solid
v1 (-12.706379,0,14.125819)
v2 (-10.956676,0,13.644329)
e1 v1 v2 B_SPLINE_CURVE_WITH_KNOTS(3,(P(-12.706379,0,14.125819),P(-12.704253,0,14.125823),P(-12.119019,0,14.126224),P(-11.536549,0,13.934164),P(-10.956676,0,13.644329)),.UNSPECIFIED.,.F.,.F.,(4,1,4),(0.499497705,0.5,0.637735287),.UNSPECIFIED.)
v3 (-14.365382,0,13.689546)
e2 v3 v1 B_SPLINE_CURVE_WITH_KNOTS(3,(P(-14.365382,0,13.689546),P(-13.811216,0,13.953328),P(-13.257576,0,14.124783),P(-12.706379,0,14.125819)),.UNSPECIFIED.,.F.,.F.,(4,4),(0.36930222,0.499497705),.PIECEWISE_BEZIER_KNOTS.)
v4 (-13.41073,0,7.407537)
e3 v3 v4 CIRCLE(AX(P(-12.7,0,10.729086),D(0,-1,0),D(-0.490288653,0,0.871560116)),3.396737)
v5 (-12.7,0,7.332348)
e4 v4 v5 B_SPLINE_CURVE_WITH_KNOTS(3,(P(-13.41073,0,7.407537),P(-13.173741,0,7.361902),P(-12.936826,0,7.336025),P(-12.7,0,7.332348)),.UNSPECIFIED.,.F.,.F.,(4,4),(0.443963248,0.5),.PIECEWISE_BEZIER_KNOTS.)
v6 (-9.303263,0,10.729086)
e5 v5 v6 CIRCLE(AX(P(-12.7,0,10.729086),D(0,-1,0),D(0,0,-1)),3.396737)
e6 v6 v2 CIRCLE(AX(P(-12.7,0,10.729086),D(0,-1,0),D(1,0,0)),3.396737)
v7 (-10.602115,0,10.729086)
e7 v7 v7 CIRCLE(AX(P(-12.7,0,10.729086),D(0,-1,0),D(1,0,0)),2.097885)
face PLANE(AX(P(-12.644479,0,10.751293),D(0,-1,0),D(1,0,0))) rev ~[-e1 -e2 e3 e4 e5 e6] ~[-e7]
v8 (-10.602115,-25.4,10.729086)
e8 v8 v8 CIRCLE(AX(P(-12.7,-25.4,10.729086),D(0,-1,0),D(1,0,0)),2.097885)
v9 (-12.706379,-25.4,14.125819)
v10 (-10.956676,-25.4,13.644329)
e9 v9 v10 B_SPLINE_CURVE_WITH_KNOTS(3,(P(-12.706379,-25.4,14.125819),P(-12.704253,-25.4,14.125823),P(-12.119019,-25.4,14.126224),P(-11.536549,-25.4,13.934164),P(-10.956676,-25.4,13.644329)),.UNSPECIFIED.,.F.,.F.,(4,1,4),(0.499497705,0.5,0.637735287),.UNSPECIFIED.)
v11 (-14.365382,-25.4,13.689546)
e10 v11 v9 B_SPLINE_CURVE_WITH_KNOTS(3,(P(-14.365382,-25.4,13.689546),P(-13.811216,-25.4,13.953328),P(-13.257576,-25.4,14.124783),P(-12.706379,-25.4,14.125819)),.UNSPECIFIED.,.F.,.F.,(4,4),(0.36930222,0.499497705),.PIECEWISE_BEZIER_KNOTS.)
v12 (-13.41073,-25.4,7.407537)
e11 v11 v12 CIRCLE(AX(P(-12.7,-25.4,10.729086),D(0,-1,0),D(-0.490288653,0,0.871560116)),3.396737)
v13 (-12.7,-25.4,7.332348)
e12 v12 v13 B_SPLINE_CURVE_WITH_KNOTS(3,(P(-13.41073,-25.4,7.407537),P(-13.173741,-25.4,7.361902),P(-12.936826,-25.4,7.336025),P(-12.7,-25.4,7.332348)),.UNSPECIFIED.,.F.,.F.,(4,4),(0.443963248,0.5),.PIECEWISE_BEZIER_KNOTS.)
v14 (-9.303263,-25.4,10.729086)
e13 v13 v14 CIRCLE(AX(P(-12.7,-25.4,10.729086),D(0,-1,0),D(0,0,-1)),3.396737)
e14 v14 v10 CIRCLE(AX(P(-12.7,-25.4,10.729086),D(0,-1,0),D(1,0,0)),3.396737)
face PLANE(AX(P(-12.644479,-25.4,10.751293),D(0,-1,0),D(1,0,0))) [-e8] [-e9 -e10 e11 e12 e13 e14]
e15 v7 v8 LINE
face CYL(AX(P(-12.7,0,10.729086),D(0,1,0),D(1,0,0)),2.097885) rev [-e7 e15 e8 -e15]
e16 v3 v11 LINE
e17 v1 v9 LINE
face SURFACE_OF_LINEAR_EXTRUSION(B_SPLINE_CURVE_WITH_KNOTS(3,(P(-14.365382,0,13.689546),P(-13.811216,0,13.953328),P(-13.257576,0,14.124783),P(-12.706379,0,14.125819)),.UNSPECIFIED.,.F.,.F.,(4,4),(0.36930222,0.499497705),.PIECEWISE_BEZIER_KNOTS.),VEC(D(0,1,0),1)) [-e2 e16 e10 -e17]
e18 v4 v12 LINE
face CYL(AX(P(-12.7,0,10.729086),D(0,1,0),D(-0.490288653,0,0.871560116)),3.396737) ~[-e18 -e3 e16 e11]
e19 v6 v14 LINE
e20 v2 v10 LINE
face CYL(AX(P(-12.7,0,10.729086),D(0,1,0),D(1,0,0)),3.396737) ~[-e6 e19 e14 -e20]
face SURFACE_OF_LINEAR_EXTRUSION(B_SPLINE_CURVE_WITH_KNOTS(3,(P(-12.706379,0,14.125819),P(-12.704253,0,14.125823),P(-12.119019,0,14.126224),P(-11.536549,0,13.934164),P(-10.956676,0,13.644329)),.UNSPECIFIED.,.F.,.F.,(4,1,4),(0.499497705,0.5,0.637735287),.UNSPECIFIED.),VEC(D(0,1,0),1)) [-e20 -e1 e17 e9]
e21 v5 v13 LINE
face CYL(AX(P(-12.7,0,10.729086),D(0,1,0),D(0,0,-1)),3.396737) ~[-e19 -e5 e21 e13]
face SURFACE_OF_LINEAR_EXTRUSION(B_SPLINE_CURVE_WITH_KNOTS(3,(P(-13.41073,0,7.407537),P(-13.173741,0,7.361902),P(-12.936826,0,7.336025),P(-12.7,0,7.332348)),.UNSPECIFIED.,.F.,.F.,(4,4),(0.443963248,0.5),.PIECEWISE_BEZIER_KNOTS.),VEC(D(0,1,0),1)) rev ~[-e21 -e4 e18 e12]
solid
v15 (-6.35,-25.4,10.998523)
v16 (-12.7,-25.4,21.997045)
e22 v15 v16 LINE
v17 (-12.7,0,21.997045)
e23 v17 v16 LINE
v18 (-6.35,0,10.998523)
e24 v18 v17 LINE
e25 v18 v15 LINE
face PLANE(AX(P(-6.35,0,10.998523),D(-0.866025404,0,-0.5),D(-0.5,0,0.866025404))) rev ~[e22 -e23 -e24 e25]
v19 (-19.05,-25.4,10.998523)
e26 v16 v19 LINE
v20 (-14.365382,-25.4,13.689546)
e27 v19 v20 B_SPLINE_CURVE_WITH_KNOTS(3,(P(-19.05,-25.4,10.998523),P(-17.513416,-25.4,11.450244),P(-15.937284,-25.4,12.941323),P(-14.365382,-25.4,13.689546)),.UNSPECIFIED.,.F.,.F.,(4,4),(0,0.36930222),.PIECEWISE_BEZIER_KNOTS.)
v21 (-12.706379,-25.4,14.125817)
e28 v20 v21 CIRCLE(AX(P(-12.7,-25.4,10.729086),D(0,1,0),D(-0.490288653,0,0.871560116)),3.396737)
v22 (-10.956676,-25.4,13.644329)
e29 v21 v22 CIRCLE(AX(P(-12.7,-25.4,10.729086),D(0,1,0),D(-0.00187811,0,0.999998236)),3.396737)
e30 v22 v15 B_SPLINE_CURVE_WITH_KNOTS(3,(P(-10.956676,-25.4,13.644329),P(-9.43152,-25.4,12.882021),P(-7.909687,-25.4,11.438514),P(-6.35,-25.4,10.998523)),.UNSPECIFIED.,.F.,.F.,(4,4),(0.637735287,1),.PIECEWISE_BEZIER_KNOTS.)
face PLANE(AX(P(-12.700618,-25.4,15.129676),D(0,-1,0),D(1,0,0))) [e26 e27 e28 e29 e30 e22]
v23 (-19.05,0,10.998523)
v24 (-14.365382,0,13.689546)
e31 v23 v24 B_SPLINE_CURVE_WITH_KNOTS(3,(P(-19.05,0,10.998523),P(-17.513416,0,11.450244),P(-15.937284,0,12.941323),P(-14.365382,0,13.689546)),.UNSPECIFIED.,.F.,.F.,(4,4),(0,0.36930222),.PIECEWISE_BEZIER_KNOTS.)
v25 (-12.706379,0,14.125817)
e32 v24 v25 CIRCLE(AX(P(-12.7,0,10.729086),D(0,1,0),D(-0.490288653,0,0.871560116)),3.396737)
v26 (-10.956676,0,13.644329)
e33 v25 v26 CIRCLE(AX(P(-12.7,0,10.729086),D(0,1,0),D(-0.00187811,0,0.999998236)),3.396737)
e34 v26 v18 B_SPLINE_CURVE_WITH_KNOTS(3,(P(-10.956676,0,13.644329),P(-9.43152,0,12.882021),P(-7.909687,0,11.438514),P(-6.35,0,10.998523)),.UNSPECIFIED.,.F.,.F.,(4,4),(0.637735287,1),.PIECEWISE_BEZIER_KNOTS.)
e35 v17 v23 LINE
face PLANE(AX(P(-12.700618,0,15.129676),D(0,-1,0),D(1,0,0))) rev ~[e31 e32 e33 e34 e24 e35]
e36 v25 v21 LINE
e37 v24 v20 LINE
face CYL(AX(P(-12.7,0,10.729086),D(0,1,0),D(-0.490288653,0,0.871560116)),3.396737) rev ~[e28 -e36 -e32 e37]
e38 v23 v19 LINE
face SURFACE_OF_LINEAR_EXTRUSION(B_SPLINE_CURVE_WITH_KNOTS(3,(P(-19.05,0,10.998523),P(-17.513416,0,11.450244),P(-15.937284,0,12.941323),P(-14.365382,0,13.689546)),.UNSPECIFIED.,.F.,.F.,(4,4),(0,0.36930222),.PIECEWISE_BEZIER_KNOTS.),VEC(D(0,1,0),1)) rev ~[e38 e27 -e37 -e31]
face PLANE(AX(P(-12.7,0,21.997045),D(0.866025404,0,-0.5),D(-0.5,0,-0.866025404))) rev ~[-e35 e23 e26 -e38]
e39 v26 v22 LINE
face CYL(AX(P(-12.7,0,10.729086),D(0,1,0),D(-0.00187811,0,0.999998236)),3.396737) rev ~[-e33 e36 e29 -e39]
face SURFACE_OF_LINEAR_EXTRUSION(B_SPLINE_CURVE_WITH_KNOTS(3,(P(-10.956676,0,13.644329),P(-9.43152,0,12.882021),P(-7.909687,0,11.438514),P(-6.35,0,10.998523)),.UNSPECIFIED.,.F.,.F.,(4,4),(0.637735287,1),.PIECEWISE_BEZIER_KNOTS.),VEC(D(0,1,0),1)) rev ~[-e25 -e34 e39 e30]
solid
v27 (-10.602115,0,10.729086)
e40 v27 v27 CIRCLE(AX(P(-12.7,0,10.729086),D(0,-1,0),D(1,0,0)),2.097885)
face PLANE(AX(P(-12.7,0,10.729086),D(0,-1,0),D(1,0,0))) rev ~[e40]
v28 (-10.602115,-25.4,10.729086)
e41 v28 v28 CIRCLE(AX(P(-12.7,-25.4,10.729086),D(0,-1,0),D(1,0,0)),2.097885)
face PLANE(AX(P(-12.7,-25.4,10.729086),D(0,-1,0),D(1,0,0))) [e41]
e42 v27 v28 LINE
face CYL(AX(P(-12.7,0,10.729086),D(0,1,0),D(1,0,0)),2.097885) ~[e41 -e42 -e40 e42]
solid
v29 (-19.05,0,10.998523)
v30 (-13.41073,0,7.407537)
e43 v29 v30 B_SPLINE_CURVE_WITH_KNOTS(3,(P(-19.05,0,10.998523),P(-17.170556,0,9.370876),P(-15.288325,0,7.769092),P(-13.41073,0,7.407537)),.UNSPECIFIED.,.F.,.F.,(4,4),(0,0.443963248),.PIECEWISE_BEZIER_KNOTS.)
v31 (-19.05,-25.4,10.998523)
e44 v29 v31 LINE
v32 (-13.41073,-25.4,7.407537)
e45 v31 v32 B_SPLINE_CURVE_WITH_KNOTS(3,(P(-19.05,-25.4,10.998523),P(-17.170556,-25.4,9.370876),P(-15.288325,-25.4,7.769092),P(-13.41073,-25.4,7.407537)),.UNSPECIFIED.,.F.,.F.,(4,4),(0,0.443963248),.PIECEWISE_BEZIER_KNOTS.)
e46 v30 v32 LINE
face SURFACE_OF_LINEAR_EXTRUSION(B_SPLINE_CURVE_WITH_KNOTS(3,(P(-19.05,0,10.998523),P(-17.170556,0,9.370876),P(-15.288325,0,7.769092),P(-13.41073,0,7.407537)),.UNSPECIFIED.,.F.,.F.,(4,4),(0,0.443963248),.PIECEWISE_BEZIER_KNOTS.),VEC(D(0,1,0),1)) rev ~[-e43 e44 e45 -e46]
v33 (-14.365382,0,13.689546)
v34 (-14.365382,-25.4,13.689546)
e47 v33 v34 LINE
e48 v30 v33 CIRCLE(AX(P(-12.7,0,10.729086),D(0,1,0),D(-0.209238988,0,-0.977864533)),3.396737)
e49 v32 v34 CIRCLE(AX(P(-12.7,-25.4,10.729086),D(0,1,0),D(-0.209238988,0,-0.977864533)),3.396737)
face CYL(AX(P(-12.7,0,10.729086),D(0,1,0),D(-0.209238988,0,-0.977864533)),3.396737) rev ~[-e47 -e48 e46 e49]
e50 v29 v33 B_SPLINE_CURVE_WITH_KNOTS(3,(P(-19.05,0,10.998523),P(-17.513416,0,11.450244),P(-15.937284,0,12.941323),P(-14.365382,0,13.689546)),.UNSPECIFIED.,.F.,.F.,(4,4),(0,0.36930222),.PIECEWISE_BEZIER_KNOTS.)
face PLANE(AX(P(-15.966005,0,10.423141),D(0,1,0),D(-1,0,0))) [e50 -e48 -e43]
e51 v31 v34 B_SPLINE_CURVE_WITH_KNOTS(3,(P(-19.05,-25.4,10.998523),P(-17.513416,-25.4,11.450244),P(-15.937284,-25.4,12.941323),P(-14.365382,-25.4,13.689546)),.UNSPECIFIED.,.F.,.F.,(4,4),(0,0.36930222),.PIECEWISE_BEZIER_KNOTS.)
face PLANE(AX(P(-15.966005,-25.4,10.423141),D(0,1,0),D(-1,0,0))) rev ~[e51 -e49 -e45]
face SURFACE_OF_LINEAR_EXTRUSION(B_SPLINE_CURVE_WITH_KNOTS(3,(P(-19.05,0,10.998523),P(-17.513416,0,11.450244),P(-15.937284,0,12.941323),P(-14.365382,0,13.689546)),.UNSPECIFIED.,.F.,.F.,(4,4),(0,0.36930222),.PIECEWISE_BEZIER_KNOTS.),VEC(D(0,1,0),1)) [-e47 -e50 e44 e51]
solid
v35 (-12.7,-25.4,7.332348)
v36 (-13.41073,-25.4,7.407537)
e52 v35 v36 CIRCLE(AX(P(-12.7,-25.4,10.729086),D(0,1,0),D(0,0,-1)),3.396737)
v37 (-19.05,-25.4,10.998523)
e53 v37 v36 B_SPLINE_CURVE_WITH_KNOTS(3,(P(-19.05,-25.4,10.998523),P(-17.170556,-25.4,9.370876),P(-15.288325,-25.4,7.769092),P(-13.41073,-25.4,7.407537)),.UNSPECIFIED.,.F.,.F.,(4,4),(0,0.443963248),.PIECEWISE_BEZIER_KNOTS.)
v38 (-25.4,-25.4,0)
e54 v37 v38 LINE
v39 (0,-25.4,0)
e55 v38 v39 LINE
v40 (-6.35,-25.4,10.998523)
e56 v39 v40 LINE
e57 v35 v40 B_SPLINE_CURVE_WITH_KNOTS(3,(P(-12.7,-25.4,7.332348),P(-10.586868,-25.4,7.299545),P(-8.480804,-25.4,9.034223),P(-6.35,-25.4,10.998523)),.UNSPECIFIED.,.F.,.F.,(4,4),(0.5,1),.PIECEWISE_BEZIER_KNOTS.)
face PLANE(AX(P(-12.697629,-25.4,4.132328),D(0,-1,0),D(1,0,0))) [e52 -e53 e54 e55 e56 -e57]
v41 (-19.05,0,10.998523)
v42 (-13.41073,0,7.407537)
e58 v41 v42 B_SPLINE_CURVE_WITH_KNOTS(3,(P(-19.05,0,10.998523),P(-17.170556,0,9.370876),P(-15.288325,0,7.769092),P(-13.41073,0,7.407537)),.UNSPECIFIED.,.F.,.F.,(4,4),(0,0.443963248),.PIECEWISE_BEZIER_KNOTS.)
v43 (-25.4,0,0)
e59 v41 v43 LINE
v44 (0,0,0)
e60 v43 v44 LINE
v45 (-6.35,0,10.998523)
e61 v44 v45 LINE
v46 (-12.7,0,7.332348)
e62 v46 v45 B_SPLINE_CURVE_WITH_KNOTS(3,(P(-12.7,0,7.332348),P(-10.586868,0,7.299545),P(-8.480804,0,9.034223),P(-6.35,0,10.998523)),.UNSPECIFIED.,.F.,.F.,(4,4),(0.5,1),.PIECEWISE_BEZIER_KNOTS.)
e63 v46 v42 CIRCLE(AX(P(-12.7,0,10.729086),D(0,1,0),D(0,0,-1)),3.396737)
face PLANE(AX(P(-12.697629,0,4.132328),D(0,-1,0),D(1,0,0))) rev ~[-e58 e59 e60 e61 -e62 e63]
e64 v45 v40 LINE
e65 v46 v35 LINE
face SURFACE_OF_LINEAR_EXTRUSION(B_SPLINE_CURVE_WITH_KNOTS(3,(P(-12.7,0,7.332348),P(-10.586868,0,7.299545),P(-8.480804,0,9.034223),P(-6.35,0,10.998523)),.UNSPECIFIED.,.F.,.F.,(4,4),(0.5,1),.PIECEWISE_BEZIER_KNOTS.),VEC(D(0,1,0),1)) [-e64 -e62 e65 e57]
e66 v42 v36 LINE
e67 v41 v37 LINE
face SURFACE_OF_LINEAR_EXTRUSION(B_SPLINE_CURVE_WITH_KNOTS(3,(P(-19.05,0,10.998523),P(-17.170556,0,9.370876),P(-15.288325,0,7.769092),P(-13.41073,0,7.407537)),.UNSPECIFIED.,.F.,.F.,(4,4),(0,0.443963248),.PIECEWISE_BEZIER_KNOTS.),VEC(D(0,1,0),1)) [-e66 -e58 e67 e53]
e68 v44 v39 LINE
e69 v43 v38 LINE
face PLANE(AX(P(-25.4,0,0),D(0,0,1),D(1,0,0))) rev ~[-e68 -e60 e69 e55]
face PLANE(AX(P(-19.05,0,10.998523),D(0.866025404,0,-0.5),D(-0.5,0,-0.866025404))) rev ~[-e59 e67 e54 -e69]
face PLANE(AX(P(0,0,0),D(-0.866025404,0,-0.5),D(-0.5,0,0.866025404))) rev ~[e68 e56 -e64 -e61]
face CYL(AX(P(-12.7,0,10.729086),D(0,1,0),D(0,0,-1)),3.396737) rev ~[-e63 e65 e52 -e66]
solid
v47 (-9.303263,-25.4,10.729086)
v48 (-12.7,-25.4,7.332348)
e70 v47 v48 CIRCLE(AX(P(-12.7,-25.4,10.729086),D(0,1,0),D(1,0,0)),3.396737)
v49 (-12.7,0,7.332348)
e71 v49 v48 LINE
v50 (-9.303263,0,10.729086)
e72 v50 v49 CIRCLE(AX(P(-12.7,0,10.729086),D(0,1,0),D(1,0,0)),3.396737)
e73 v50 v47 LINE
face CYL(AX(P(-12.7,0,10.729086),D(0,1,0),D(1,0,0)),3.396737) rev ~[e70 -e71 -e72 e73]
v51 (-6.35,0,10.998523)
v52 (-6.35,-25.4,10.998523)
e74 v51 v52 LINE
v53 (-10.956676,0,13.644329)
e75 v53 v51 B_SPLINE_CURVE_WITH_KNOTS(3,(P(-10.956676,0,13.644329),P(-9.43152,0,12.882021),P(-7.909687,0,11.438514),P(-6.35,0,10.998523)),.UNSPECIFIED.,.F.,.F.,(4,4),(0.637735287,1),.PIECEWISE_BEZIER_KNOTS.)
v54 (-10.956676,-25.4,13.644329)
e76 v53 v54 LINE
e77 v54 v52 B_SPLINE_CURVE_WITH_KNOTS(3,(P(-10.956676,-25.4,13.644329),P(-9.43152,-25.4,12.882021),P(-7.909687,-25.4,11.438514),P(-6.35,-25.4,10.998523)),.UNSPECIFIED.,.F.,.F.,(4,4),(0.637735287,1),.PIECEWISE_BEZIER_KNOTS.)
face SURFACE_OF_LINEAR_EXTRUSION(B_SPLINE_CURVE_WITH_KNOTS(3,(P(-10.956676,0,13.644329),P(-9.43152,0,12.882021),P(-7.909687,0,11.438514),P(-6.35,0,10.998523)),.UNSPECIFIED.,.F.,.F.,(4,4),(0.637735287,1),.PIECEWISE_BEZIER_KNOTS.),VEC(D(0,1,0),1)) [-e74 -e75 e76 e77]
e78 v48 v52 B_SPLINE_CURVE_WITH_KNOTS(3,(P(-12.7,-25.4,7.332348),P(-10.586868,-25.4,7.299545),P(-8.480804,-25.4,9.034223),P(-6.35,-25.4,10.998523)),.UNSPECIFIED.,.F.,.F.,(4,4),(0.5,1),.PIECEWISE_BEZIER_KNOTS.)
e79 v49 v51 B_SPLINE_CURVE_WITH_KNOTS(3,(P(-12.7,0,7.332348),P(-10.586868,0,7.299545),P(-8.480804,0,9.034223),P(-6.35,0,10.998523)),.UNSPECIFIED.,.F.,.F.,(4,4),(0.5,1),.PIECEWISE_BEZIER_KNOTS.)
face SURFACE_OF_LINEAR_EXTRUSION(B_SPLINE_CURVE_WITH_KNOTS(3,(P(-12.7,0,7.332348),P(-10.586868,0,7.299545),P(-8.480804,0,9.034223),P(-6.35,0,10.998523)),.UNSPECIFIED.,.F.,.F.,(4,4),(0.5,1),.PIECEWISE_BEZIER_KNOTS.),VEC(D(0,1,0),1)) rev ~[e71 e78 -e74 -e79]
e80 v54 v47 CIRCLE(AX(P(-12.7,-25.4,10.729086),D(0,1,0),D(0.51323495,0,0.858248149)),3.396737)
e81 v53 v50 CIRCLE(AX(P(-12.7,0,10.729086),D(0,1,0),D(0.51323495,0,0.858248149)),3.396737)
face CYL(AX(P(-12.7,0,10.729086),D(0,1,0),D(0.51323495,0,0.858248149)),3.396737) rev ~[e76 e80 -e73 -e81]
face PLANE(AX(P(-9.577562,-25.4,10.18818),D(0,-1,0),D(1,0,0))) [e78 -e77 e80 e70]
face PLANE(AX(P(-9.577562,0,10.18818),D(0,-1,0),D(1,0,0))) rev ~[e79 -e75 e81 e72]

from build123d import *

# Parameters (mm, degrees)
F1_DEPTH = 25.4
F2_DEPTH = 25.4
F0_R     = 2.0978852378
F3_DEPTH = 25.4
F4_DEPTH = 25.4


with BuildPart() as f1:
    # F0 (on Front) → F1 (new body)
    with BuildSketch(Plane.XZ):
        with BuildLine():
            add(Edge.make_bspline(
                [(-12.7, 7.3323484187), (-10.5868676769, 7.2995452687), (-8.480804041, 9.0342229232), (-6.35, 10.9985226281)],
                knots=[0.5, 0.5, 0.5, 0.5, 1, 1, 1, 1], degree=3))
            add(Edge.make_bspline(
                [(-10.9566757348, 13.6443291005), (-9.4315203102, 12.8820206207), (-7.9096867806, 11.4385141645), (-6.35, 10.9985226281)],
                knots=[0.6377352874, 0.6377352874, 0.6377352874, 0.6377352874, 1, 1, 1, 1], degree=3))
            ThreePointArc((-10.9566757348, 13.6443291005), (-9.7453901873, 12.4048256996), (-9.3032627647, 10.729085654))
            ThreePointArc((-9.3032627647, 10.729085654), (-10.298144067, 8.327229721), (-12.7, 7.3323484187))
        make_face()
    extrude(amount=F1_DEPTH)


with BuildPart() as f1b:
    # F0 (on Front) → F1, piece 2 (new body)
    with BuildSketch(Plane.XZ):
        with BuildLine():
            add(Edge.make_bspline(
                [(-19.05, 10.9985226281), (-17.5134159045, 11.4502441937), (-15.937284411, 12.9413228119), (-14.3653817243, 13.6895463543)],
                knots=[0, 0, 0, 0, 0.3693022198, 0.3693022198, 0.3693022198, 0.3693022198], degree=3))
            add(Edge.make_bspline(
                [(-19.05, 10.9985226281), (-17.1705555831, 9.3708760181), (-15.2883246422, 7.7690918532), (-13.4107298629, 7.4075367822)],
                knots=[0, 0, 0, 0, 0.4439632481, 0.4439632481, 0.4439632481, 0.4439632481], degree=3))
            ThreePointArc((-13.4107298629, 7.4075367822), (-16.058182192, 10.2187561418), (-14.3653817243, 13.6895463543))
        make_face()
    extrude(amount=F1_DEPTH)


with BuildPart() as f2:
    # F0 (on Front) → F2 (new body)
    with BuildSketch(Plane.XZ):
        with BuildLine():
            Line((-25.4, 0), (0, 0))
            Line((0, 0), (-6.35, 10.9985226281))
            add(Edge.make_bspline(
                [(-12.7, 7.3323484187), (-10.5868676769, 7.2995452687), (-8.480804041, 9.0342229232), (-6.35, 10.9985226281)],
                knots=[0.5, 0.5, 0.5, 0.5, 1, 1, 1, 1], degree=3))
            ThreePointArc((-12.7, 7.3323484187), (-13.0573479495, 7.3511978097), (-13.4107298629, 7.4075367822))
            add(Edge.make_bspline(
                [(-19.05, 10.9985226281), (-17.1705555831, 9.3708760181), (-15.2883246422, 7.7690918532), (-13.4107298629, 7.4075367822)],
                knots=[0, 0, 0, 0, 0.4439632481, 0.4439632481, 0.4439632481, 0.4439632481], degree=3))
            Line((-19.05, 10.9985226281), (-25.4, 0))
        make_face()
    extrude(amount=F2_DEPTH)


with BuildPart() as f2b:
    # F0 (on Front) → F2, piece 2 (new body)
    with BuildSketch(Plane.XZ):
        with BuildLine():
            add(Edge.make_bspline(
                [(-10.9566757348, 13.6443291005), (-9.4315203102, 12.8820206207), (-7.9096867806, 11.4385141645), (-6.35, 10.9985226281)],
                knots=[0.6377352874, 0.6377352874, 0.6377352874, 0.6377352874, 1, 1, 1, 1], degree=3))
            Line((-6.35, 10.9985226281), (-12.7, 21.9970452561))
            Line((-12.7, 21.9970452561), (-19.05, 10.9985226281))
            add(Edge.make_bspline(
                [(-19.05, 10.9985226281), (-17.5134159045, 11.4502441937), (-15.937284411, 12.9413228119), (-14.3653817243, 13.6895463543)],
                knots=[0, 0, 0, 0, 0.3693022198, 0.3693022198, 0.3693022198, 0.3693022198], degree=3))
            ThreePointArc((-14.3653817243, 13.6895463543), (-13.563874614, 14.0141342833), (-12.706379445, 14.1258168987))
            ThreePointArc((-12.706379445, 14.1258168987), (-11.7987775235, 14.0040851798), (-10.9566757348, 13.6443291005))
        make_face()
    extrude(amount=F2_DEPTH)


with BuildPart() as f3:
    # F0 (on Front) → F3 (new body)
    with BuildSketch(Plane.XZ):
        with BuildLine():
            ThreePointArc((-9.3032627647, 10.729085654), (-9.7453901873, 12.4048256996), (-10.9566757348, 13.6443291005))
            add(Edge.make_bspline(
                [(-12.706379448, 14.1258185172), (-12.7042529289, 14.1258225126), (-12.1190194564, 14.1262240099), (-11.5365492734, 13.9341635059), (-10.9566757348, 13.6443291005)],
                knots=[0.499497705, 0.499497705, 0.499497705, 0.499497705, 0.5, 0.6377352874, 0.6377352874, 0.6377352874, 0.6377352874], degree=3))
            add(Edge.make_bspline(
                [(-14.3653817243, 13.6895463543), (-13.8112159973, 13.9533284872), (-13.2575758588, 14.1247829006), (-12.706379448, 14.1258185172)],
                knots=[0.3693022198, 0.3693022198, 0.3693022198, 0.3693022198, 0.499497705, 0.499497705, 0.499497705, 0.499497705], degree=3))
            ThreePointArc((-14.3653817243, 13.6895463543), (-16.058182192, 10.2187561418), (-13.4107298629, 7.4075367822))
            add(Edge.make_bspline(
                [(-13.4107298629, 7.4075367822), (-13.1737410731, 7.3619015367), (-12.9368261435, 7.3360247827), (-12.7, 7.3323484187)],
                knots=[0.4439632481, 0.4439632481, 0.4439632481, 0.4439632481, 0.5, 0.5, 0.5, 0.5], degree=3))
            ThreePointArc((-12.7, 7.3323484187), (-10.298144067, 8.327229721), (-9.3032627647, 10.729085654))
        make_face()
        with Locations((-12.7, 10.729085654)):
            Circle(F0_R, mode=Mode.SUBTRACT)
    extrude(amount=F3_DEPTH)


with BuildPart() as f4:
    # F0 (on Front) → F4 (new body)
    with BuildSketch(Plane.XZ):
        with Locations((-12.7, 10.729085654)):
            Circle(F0_R)
    extrude(amount=F4_DEPTH)


solid = Compound([f1.part, f1b.part, f2.part, f2b.part, f3.part, f4.part])
